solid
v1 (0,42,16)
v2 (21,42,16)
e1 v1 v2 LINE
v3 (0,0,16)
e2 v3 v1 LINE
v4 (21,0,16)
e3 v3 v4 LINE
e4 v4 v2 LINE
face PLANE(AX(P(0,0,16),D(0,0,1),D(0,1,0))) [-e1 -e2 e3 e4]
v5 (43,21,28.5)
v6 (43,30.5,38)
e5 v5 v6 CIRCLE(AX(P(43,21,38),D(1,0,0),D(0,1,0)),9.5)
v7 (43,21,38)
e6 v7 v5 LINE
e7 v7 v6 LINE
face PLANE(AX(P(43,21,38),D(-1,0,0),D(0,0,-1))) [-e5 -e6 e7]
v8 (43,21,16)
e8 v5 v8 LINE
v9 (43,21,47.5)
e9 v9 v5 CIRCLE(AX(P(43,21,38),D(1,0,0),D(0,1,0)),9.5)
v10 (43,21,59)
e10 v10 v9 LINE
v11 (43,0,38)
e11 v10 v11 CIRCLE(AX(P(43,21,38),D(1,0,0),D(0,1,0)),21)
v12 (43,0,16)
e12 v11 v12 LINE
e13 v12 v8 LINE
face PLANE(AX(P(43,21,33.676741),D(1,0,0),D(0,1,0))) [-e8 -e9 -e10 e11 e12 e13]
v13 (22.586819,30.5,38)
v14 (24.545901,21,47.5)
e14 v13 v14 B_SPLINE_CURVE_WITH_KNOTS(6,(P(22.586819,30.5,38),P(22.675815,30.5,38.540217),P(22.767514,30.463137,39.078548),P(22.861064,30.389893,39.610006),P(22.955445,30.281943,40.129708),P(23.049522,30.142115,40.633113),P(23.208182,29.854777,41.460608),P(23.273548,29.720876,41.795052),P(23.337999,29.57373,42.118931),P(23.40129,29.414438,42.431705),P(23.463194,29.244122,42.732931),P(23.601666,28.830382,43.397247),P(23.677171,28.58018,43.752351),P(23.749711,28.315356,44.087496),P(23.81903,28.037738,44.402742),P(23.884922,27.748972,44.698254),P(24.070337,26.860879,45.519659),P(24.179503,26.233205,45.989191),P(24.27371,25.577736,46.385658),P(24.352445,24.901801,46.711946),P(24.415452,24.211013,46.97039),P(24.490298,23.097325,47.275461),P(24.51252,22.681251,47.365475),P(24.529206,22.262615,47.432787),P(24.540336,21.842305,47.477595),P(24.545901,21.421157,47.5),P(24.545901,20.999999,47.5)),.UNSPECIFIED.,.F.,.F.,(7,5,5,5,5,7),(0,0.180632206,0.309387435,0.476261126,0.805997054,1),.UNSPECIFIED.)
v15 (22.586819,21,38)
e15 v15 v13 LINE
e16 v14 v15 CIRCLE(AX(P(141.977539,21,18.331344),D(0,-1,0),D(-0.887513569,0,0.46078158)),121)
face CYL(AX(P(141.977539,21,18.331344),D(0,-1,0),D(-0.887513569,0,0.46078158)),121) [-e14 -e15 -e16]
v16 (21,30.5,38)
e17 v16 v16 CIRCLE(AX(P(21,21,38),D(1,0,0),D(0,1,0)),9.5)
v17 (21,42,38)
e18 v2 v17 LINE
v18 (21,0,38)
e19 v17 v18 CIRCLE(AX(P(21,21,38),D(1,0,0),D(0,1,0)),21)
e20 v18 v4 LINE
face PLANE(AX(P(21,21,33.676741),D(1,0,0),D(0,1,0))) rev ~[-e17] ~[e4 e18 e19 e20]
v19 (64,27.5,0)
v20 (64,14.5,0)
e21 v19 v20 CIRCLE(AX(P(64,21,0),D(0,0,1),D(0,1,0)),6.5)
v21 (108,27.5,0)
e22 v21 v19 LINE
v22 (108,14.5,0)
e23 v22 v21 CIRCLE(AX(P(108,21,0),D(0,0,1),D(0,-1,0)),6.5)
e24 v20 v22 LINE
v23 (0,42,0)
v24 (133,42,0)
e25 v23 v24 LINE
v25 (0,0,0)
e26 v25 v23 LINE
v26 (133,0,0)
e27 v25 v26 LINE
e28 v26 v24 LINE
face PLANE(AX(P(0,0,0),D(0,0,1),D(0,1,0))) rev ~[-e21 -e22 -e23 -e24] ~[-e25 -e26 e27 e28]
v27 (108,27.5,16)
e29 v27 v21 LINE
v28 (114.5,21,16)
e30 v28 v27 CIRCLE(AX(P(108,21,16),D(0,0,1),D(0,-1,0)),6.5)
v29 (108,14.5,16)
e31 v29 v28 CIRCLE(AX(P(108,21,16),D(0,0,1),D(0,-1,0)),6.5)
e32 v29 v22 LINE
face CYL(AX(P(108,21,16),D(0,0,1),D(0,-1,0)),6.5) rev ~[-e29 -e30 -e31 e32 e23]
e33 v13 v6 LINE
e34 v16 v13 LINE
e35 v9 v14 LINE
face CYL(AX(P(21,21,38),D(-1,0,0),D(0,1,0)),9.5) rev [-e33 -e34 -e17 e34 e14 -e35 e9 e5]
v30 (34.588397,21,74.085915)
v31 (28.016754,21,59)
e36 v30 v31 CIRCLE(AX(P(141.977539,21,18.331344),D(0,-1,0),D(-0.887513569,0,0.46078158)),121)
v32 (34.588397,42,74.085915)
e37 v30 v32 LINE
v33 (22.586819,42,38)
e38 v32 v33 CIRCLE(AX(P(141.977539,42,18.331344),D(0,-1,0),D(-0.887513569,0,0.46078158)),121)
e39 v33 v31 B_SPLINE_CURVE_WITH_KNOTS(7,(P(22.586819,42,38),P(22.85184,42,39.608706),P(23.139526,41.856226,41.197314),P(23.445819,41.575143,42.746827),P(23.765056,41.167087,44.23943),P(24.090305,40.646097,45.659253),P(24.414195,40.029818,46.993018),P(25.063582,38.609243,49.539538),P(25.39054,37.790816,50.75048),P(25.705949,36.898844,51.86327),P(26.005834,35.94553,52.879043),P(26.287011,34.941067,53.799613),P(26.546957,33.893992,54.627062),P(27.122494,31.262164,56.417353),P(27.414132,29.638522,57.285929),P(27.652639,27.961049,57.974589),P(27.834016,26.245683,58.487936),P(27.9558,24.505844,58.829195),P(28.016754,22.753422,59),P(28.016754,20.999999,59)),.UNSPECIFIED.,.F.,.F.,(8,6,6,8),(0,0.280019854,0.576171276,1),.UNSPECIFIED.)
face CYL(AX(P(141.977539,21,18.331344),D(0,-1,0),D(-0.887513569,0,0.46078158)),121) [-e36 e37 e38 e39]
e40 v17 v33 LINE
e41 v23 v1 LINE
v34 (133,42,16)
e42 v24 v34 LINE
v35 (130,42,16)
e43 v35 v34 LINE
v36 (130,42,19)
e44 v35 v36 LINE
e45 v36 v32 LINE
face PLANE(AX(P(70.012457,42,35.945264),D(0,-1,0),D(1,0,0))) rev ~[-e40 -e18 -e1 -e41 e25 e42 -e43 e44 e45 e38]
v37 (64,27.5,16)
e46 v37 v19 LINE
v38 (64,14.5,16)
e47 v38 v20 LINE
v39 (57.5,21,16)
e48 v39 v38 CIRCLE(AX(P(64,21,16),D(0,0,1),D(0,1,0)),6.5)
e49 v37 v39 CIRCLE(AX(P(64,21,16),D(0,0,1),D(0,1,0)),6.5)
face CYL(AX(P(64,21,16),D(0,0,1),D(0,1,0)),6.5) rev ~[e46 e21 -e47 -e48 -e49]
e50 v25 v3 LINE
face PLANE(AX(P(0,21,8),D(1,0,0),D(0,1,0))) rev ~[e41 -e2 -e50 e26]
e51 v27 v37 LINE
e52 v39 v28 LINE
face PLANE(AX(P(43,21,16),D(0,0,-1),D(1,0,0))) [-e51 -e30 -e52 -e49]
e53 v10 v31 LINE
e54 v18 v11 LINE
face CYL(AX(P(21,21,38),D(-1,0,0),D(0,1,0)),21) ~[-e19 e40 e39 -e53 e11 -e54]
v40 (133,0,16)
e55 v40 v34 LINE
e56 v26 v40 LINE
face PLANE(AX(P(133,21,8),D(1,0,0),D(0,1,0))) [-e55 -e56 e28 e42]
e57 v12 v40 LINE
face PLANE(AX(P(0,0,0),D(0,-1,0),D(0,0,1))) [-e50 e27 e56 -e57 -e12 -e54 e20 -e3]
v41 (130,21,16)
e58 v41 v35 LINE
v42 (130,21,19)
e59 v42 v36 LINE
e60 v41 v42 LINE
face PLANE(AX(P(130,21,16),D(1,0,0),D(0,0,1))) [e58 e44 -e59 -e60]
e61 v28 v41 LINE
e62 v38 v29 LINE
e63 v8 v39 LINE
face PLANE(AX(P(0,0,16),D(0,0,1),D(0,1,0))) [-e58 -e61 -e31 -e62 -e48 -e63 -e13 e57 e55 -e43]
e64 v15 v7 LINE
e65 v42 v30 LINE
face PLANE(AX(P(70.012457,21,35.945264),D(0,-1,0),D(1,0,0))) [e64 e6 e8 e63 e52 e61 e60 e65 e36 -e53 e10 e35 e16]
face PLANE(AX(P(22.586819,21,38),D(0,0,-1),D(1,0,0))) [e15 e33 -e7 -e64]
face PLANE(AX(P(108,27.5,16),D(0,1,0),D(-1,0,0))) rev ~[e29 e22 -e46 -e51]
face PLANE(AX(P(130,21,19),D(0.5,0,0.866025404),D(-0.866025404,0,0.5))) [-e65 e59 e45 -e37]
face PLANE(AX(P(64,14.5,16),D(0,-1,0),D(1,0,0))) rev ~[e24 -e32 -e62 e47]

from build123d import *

# Parameters (mm, degrees)
F0_W     = 42
F0_H     = 16
F1_DEPTH = 133
F2_START = 21
F0_R     = 9.5
F2_DEPTH = 22
F4_DEPTH = 25
F6_START = -21
F6_DEPTH = 21


with BuildPart() as f1:
    # F0 (on Right) → F1 (new body)
    with BuildSketch(Plane.YZ):
        with Locations((21, 8)):
            Rectangle(F0_W, F0_H)
    extrude(amount=F1_DEPTH)

    # F0 (on Right) → F2 (join)
    with BuildSketch(Plane.YZ.offset(F2_START)):
        with BuildLine():
            Line((0, 38), (0, 16))
            Line((0, 16), (42, 16))
            Line((42, 16), (42, 38))
            ThreePointArc((42, 38), (21, 59), (0, 38))
        make_face()
        with Locations((21, 38)):
            Circle(F0_R, mode=Mode.SUBTRACT)
    extrude(amount=F2_DEPTH)

    # F3 (on face) → F4 (cut)
    with BuildSketch(Plane.XY.offset(16)):
        with BuildLine():
            ThreePointArc((108, 14.5), (114.5, 21), (108, 27.5))
            Line((108, 27.5), (64, 27.5))
            ThreePointArc((64, 27.5), (57.5, 21), (64, 14.5))
            Line((64, 14.5), (108, 14.5))
        make_face()
    extrude(amount=-F4_DEPTH, mode=Mode.SUBTRACT)

    # F5 (on face) → F6 (join)
    with BuildSketch(Plane.XZ.offset(F6_START)):
        with BuildLine():
            Line((43, 16), (130, 16))
            Line((130, 16), (130, 19))
            Line((130, 19), (34.5883966818, 74.0859148596))
            ThreePointArc((34.5883966818, 74.0859148596), (27.1610557671, 56.5174050032), (22.5868188266, 38))
            Line((22.5868188266, 38), (43, 38))
            Line((43, 38), (43, 16))
        make_face()
    extrude(amount=-F6_DEPTH)


solid = f1.part
